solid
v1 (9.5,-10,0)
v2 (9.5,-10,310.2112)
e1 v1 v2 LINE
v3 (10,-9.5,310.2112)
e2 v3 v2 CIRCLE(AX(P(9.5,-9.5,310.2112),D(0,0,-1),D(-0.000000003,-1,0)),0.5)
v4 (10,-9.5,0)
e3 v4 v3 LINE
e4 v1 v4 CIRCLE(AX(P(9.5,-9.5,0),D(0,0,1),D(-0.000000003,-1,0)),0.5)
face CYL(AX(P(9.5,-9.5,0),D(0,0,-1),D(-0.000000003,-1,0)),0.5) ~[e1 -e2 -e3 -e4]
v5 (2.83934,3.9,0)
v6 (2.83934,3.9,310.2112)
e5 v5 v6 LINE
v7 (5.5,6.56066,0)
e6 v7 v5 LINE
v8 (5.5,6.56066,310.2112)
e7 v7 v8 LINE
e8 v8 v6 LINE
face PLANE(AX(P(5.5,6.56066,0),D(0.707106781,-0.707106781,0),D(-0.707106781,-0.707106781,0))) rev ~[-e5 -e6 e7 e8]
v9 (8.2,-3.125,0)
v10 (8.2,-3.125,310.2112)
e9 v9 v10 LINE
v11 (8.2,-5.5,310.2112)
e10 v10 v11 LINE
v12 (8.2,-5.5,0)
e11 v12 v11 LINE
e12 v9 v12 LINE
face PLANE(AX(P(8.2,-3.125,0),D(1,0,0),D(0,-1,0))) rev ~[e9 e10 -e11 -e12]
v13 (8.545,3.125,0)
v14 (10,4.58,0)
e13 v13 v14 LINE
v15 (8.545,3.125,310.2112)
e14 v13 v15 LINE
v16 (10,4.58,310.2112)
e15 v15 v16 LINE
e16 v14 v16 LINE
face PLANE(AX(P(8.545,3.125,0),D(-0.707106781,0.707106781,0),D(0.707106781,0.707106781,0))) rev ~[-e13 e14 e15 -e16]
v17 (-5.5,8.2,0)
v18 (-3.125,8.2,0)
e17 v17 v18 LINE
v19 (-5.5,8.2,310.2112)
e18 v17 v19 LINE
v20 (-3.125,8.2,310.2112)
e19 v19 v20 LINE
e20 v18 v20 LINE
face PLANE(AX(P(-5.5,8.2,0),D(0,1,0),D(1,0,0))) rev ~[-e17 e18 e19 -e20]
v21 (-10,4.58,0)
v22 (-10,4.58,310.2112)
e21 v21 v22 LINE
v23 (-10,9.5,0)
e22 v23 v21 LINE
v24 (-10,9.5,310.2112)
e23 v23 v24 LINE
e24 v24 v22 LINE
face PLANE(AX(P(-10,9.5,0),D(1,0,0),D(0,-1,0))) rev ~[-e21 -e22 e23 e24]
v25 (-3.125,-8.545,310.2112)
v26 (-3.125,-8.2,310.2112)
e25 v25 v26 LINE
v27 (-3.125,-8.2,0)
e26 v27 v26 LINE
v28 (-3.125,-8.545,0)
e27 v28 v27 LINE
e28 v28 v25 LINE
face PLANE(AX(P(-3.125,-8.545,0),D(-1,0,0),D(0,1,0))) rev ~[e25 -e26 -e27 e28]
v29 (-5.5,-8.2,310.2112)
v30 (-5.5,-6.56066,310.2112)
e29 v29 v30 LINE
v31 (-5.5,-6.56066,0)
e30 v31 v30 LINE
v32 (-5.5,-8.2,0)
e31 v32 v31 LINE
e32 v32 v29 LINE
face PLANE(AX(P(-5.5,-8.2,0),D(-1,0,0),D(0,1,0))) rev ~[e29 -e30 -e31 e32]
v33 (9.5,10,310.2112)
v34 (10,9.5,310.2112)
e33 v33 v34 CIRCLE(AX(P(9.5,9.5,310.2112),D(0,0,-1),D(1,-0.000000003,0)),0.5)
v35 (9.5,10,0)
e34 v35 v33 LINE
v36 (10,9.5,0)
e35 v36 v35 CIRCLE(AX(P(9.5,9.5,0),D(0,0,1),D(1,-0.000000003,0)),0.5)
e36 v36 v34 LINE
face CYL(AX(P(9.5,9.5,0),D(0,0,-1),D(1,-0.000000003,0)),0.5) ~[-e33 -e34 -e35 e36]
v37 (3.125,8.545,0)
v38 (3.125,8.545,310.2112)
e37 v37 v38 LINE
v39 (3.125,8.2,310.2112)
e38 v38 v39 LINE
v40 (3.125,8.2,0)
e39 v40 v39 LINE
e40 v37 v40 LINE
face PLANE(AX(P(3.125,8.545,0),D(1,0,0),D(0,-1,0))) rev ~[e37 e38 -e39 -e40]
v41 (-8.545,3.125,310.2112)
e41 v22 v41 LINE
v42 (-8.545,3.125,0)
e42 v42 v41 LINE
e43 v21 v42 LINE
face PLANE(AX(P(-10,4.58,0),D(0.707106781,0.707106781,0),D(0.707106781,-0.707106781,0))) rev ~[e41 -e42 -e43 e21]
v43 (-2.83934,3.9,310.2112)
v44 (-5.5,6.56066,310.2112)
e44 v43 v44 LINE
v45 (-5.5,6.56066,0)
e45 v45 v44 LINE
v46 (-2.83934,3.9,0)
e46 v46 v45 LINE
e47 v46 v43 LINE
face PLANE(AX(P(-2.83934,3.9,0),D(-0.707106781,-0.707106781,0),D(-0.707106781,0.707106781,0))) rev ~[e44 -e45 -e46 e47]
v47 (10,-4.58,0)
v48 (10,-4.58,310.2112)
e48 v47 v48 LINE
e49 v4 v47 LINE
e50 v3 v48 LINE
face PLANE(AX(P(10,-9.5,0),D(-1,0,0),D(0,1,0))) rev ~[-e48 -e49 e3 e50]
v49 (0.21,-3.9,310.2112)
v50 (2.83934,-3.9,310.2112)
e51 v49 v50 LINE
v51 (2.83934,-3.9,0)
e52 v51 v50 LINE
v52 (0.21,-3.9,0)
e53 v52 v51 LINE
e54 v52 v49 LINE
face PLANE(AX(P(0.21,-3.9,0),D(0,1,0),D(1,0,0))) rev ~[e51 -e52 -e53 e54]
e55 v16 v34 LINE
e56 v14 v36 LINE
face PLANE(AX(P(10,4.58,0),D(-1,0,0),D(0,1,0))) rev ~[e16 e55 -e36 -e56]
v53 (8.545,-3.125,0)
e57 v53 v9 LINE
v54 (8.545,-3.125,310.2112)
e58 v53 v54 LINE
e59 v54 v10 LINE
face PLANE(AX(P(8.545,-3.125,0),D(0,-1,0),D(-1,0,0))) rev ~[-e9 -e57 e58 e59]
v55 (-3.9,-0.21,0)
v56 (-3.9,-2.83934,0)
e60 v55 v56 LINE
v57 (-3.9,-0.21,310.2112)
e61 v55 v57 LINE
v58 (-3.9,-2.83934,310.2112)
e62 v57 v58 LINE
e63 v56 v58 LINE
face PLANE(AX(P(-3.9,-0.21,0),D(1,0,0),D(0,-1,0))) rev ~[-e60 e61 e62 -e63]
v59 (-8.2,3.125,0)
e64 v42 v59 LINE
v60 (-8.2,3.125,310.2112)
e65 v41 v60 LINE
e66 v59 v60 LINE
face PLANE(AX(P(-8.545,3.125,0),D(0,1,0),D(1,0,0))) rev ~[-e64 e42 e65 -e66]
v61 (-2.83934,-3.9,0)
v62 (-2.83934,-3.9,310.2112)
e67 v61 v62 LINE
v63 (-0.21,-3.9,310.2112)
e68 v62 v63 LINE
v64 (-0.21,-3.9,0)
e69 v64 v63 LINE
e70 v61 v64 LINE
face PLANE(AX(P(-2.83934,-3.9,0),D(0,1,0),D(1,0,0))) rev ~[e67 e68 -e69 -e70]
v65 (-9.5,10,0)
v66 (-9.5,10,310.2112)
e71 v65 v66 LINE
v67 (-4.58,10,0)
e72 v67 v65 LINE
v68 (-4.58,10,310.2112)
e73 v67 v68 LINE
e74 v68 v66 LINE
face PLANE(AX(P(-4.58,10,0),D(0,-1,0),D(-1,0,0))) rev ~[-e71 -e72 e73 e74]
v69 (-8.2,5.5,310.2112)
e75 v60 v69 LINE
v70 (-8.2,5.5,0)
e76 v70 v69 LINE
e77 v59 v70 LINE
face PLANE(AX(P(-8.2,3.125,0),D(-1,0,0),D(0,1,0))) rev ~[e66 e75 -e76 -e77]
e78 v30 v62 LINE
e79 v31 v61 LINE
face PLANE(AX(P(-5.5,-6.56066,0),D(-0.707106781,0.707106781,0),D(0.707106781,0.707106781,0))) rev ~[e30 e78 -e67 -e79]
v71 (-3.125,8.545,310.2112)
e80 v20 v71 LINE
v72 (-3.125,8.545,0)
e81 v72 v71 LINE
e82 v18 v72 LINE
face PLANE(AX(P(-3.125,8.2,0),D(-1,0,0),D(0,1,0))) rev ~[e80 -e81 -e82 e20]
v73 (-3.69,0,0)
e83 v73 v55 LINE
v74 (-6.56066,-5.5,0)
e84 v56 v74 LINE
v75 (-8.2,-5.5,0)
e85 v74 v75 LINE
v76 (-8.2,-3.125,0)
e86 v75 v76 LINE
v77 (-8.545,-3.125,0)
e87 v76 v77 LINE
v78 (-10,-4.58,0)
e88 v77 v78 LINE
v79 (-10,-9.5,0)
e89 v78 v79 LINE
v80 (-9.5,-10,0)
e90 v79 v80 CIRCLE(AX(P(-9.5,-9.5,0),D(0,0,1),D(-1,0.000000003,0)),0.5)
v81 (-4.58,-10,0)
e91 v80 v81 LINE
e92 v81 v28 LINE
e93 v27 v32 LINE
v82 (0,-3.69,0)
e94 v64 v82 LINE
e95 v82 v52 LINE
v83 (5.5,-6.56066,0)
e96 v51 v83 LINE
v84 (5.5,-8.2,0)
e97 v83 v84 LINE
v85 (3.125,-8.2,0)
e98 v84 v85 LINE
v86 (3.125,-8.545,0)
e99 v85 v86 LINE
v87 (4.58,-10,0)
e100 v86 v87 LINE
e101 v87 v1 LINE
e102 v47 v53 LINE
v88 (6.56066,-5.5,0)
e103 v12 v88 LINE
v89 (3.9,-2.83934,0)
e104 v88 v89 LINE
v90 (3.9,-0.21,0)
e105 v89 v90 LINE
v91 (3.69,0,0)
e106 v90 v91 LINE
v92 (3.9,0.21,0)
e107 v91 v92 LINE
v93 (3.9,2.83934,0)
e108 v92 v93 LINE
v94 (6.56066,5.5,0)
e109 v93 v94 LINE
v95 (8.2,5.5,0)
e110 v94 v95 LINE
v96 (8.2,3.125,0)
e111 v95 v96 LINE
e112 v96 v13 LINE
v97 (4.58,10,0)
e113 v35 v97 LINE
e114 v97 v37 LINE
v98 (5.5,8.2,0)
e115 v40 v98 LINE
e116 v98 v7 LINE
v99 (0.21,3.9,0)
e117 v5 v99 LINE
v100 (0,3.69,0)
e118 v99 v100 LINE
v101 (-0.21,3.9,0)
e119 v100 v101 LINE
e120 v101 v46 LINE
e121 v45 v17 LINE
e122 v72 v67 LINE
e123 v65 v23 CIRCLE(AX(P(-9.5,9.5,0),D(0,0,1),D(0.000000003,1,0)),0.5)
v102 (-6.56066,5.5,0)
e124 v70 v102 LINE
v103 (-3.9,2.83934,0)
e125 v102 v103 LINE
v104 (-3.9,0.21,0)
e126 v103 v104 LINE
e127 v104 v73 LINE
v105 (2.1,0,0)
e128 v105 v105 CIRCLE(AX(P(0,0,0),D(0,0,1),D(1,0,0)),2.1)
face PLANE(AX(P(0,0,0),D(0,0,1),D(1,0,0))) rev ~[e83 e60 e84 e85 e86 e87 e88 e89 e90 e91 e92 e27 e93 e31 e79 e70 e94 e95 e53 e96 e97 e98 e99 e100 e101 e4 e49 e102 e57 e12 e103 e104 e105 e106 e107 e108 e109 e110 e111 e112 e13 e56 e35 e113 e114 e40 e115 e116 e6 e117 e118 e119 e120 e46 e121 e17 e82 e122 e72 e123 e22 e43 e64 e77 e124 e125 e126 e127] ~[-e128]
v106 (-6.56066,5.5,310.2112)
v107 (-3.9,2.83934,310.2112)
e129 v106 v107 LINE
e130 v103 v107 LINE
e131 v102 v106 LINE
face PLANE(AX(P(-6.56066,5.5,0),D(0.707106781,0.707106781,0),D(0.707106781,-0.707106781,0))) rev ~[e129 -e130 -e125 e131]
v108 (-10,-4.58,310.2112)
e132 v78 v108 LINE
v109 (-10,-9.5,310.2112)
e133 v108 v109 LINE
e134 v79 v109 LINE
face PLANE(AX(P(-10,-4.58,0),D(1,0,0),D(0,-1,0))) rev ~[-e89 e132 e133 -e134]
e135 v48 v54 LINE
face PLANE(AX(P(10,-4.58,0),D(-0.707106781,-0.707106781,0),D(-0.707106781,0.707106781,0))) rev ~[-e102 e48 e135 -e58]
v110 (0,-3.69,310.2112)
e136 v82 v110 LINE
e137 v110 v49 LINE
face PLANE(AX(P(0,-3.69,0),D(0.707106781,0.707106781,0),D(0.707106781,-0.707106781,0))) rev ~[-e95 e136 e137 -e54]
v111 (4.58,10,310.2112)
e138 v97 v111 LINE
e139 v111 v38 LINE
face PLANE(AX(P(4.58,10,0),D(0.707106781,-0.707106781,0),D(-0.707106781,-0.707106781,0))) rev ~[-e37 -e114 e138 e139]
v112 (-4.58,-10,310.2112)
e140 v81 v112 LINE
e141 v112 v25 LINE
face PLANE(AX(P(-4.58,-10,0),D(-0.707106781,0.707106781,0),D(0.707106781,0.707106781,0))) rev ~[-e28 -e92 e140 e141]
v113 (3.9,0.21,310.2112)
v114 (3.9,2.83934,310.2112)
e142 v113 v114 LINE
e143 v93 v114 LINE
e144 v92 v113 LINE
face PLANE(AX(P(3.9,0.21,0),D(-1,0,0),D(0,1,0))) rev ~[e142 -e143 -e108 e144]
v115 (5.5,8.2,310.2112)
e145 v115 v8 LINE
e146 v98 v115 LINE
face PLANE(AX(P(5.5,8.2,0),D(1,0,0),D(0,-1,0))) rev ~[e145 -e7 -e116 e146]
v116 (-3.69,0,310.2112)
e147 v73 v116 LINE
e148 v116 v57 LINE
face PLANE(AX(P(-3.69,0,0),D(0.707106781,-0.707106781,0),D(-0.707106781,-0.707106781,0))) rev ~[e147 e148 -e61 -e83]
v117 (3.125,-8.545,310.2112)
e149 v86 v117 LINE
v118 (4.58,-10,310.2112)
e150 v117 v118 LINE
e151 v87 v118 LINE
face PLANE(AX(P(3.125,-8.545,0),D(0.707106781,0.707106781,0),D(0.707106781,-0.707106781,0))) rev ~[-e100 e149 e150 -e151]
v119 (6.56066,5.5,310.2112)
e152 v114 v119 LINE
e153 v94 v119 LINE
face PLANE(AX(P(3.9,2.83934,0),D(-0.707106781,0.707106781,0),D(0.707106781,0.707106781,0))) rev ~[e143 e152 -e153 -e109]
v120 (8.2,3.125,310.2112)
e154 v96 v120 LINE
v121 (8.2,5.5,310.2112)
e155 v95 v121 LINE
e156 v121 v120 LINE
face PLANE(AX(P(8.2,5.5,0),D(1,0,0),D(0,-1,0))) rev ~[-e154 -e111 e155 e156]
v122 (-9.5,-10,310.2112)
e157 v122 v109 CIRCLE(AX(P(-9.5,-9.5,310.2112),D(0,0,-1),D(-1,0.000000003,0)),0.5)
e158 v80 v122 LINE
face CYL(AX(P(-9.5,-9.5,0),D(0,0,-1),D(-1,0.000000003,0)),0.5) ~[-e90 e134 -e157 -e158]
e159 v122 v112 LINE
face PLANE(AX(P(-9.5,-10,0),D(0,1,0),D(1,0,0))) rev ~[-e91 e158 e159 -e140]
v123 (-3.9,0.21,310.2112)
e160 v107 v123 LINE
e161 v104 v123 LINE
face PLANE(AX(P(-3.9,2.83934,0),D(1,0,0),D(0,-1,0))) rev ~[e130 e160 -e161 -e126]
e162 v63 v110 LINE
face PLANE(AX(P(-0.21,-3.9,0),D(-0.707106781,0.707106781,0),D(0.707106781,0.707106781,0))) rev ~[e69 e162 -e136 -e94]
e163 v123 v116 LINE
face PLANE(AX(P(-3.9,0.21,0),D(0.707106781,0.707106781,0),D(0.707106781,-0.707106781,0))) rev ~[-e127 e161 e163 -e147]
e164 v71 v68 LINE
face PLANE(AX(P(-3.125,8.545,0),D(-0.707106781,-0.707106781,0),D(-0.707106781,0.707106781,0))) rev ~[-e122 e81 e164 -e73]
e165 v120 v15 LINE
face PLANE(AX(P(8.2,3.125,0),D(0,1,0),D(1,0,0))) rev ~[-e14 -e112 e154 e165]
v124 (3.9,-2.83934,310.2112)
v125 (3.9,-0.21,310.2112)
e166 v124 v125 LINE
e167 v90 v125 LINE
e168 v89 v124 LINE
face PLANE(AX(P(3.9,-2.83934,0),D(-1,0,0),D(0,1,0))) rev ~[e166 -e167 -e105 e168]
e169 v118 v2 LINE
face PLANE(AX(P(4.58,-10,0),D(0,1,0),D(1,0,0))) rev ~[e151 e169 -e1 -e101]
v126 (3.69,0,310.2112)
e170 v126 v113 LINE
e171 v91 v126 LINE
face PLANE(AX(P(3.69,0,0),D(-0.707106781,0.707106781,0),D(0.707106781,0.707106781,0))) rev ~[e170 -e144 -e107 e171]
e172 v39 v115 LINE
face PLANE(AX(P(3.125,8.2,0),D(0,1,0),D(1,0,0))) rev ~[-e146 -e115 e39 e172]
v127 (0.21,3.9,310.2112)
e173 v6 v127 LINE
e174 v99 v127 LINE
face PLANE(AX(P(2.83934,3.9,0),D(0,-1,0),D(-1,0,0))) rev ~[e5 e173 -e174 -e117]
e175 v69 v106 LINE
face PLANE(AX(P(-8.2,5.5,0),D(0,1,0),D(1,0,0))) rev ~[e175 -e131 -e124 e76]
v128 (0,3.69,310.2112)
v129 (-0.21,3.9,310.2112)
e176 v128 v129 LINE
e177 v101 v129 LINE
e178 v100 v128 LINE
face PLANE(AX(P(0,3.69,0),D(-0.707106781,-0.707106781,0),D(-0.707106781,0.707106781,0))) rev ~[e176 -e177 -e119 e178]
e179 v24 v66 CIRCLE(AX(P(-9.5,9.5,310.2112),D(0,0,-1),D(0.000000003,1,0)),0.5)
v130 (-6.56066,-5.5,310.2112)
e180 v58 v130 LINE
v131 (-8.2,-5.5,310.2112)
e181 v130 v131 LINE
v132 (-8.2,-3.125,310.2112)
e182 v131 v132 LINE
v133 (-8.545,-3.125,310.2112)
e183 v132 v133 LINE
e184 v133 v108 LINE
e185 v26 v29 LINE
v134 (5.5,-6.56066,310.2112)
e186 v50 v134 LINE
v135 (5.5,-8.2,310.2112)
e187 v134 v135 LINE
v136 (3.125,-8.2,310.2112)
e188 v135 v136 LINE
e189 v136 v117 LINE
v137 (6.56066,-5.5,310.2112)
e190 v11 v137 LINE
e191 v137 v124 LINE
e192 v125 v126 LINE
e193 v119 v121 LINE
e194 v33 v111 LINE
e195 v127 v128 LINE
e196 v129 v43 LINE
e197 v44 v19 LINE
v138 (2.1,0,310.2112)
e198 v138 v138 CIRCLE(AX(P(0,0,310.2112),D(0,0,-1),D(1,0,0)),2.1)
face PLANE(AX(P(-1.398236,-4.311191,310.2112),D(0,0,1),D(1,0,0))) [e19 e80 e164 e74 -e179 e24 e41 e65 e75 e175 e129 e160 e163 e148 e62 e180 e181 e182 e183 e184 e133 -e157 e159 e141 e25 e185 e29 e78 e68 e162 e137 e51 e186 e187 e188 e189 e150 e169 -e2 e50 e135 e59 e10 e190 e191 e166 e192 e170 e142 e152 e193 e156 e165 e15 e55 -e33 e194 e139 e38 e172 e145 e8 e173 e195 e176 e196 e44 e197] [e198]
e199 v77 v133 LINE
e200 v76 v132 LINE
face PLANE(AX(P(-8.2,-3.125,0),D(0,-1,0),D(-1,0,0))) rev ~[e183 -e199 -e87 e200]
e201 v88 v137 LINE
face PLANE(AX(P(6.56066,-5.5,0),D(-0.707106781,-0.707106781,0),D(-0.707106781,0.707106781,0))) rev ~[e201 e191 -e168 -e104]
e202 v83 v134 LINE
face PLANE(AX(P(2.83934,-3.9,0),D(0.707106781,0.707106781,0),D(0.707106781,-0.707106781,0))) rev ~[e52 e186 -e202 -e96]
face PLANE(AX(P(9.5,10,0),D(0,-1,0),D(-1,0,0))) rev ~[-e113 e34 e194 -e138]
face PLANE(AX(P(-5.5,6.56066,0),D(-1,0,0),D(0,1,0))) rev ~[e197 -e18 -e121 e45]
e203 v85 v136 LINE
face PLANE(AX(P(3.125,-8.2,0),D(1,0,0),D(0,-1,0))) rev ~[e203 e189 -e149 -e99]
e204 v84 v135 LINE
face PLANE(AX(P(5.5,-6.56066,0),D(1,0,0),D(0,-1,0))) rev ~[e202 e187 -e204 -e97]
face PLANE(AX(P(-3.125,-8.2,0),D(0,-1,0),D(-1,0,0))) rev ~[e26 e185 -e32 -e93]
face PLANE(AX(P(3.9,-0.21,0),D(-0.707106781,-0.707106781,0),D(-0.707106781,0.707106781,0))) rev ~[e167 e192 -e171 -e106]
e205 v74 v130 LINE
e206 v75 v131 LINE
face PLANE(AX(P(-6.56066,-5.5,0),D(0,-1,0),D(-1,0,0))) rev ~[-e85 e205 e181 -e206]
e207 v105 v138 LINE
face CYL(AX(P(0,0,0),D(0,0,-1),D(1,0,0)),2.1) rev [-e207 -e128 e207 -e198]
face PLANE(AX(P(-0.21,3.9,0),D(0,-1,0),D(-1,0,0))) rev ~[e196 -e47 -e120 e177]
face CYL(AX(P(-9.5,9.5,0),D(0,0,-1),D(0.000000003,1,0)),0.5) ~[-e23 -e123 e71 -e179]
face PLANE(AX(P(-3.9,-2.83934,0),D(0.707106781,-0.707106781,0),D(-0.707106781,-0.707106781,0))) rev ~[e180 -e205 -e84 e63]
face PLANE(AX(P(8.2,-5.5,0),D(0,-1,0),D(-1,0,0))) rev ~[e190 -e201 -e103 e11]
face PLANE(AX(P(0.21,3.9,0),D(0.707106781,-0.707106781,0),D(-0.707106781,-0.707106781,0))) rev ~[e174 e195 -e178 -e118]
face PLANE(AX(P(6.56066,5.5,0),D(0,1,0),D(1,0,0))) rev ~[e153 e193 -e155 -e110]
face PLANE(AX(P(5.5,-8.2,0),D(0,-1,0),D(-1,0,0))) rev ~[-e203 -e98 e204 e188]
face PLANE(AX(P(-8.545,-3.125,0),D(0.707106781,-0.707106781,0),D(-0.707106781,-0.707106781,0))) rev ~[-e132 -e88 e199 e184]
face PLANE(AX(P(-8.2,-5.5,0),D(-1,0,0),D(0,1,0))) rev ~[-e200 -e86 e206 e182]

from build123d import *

# Parameters (mm, degrees)
SKETCH1_R           = 2.1
BOSS_EXTRUDE1_DEPTH = 500
SKETCH2_W           = 54.342880418
SKETCH2_H           = 45.441204662
CUT_EXTRUDE1_DEPTH  = 189.7888


with BuildPart() as part:
    # Sketch1 → Boss-Extrude1 (new body)
    with BuildSketch(Plane.XY):
        with BuildLine():
            Line((4.58, -10), (9.5, -10))
            ThreePointArc((9.5, -10), (9.853553391, -9.853553391), (10, -9.5))
            Line((10, -9.5), (10, -4.58))
            Line((10, -4.58), (8.545, -3.125))
            Line((8.545, -3.125), (8.2, -3.125))
            Line((8.2, -3.125), (8.2, -5.5))
            Line((8.2, -5.5), (6.560660172, -5.5))
            Line((6.560660172, -5.5), (3.9, -2.839339828))
            Line((3.9, -2.839339828), (3.9, -0.21))
            Line((3.9, -0.21), (3.69, 0))
            Line((3.69, 0), (3.9, 0.21))
            Line((3.9, 0.21), (3.9, 2.839339828))
            Line((3.9, 2.839339828), (6.560660172, 5.5))
            Line((6.560660172, 5.5), (8.2, 5.5))
            Line((8.2, 5.5), (8.2, 3.125))
            Line((8.2, 3.125), (8.545, 3.125))
            Line((8.545, 3.125), (10, 4.58))
            Line((10, 4.58), (10, 9.5))
            ThreePointArc((10, 9.5), (9.853553391, 9.853553391), (9.5, 10))
            Line((9.5, 10), (4.58, 10))
            Line((4.58, 10), (3.125, 8.545))
            Line((3.125, 8.545), (3.125, 8.2))
            Line((3.125, 8.2), (5.5, 8.2))
            Line((5.5, 8.2), (5.5, 6.560660172))
            Line((5.5, 6.560660172), (2.839339828, 3.9))
            Line((2.839339828, 3.9), (0.21, 3.9))
            Line((0.21, 3.9), (0, 3.69))
            Line((0, 3.69), (-0.21, 3.9))
            Line((-0.21, 3.9), (-2.839339828, 3.9))
            Line((-2.839339828, 3.9), (-5.5, 6.560660172))
            Line((-5.5, 6.560660172), (-5.5, 8.2))
            Line((-5.5, 8.2), (-3.125, 8.2))
            Line((-3.125, 8.2), (-3.125, 8.545))
            Line((-3.125, 8.545), (-4.58, 10))
            Line((-4.58, 10), (-9.5, 10))
            ThreePointArc((-9.5, 10), (-9.853553391, 9.853553391), (-10, 9.5))
            Line((-10, 9.5), (-10, 4.58))
            Line((-10, 4.58), (-8.545, 3.125))
            Line((-8.545, 3.125), (-8.2, 3.125))
            Line((-8.2, 3.125), (-8.2, 5.5))
            Line((-8.2, 5.5), (-6.560660172, 5.5))
            Line((-6.560660172, 5.5), (-3.9, 2.839339828))
            Line((-3.9, 2.839339828), (-3.9, 0.21))
            Line((-3.9, 0.21), (-3.69, 0))
            Line((-3.69, 0), (-3.9, -0.21))
            Line((-3.9, -0.21), (-3.9, -2.839339828))
            Line((-3.9, -2.839339828), (-6.560660172, -5.5))
            Line((-6.560660172, -5.5), (-8.2, -5.5))
            Line((-8.2, -5.5), (-8.2, -3.125))
            Line((-8.2, -3.125), (-8.545, -3.125))
            Line((-8.545, -3.125), (-10, -4.58))
            Line((-10, -4.58), (-10, -9.5))
            ThreePointArc((-10, -9.5), (-9.853553391, -9.853553391), (-9.5, -10))
            Line((-9.5, -10), (-4.58, -10))
            Line((-4.58, -10), (-3.125, -8.545))
            Line((-3.125, -8.545), (-3.125, -8.2))
            Line((-3.125, -8.2), (-5.5, -8.2))
            Line((-5.5, -8.2), (-5.5, -6.560660172))
            Line((-5.5, -6.560660172), (-2.839339828, -3.9))
            Line((-2.839339828, -3.9), (-0.21, -3.9))
            Line((-0.21, -3.9), (0, -3.69))
            Line((0, -3.69), (0.21, -3.9))
            Line((0.21, -3.9), (2.839339828, -3.9))
            Line((2.839339828, -3.9), (5.5, -6.560660172))
            Line((5.5, -6.560660172), (5.5, -8.2))
            Line((5.5, -8.2), (3.125, -8.2))
            Line((3.125, -8.2), (3.125, -8.545))
            Line((3.125, -8.545), (4.58, -10))
        make_face()
        Circle(SKETCH1_R, mode=Mode.SUBTRACT)
    extrude(amount=BOSS_EXTRUDE1_DEPTH)

    # Sketch2 → Cut-Extrude1 (cut)
    with BuildSketch(Plane.XY.offset(500)):
        with Locations((-1.398235928, -4.31119066)):
            Rectangle(SKETCH2_W, SKETCH2_H)
    extrude(amount=-CUT_EXTRUDE1_DEPTH, mode=Mode.SUBTRACT)


solid = part.part
